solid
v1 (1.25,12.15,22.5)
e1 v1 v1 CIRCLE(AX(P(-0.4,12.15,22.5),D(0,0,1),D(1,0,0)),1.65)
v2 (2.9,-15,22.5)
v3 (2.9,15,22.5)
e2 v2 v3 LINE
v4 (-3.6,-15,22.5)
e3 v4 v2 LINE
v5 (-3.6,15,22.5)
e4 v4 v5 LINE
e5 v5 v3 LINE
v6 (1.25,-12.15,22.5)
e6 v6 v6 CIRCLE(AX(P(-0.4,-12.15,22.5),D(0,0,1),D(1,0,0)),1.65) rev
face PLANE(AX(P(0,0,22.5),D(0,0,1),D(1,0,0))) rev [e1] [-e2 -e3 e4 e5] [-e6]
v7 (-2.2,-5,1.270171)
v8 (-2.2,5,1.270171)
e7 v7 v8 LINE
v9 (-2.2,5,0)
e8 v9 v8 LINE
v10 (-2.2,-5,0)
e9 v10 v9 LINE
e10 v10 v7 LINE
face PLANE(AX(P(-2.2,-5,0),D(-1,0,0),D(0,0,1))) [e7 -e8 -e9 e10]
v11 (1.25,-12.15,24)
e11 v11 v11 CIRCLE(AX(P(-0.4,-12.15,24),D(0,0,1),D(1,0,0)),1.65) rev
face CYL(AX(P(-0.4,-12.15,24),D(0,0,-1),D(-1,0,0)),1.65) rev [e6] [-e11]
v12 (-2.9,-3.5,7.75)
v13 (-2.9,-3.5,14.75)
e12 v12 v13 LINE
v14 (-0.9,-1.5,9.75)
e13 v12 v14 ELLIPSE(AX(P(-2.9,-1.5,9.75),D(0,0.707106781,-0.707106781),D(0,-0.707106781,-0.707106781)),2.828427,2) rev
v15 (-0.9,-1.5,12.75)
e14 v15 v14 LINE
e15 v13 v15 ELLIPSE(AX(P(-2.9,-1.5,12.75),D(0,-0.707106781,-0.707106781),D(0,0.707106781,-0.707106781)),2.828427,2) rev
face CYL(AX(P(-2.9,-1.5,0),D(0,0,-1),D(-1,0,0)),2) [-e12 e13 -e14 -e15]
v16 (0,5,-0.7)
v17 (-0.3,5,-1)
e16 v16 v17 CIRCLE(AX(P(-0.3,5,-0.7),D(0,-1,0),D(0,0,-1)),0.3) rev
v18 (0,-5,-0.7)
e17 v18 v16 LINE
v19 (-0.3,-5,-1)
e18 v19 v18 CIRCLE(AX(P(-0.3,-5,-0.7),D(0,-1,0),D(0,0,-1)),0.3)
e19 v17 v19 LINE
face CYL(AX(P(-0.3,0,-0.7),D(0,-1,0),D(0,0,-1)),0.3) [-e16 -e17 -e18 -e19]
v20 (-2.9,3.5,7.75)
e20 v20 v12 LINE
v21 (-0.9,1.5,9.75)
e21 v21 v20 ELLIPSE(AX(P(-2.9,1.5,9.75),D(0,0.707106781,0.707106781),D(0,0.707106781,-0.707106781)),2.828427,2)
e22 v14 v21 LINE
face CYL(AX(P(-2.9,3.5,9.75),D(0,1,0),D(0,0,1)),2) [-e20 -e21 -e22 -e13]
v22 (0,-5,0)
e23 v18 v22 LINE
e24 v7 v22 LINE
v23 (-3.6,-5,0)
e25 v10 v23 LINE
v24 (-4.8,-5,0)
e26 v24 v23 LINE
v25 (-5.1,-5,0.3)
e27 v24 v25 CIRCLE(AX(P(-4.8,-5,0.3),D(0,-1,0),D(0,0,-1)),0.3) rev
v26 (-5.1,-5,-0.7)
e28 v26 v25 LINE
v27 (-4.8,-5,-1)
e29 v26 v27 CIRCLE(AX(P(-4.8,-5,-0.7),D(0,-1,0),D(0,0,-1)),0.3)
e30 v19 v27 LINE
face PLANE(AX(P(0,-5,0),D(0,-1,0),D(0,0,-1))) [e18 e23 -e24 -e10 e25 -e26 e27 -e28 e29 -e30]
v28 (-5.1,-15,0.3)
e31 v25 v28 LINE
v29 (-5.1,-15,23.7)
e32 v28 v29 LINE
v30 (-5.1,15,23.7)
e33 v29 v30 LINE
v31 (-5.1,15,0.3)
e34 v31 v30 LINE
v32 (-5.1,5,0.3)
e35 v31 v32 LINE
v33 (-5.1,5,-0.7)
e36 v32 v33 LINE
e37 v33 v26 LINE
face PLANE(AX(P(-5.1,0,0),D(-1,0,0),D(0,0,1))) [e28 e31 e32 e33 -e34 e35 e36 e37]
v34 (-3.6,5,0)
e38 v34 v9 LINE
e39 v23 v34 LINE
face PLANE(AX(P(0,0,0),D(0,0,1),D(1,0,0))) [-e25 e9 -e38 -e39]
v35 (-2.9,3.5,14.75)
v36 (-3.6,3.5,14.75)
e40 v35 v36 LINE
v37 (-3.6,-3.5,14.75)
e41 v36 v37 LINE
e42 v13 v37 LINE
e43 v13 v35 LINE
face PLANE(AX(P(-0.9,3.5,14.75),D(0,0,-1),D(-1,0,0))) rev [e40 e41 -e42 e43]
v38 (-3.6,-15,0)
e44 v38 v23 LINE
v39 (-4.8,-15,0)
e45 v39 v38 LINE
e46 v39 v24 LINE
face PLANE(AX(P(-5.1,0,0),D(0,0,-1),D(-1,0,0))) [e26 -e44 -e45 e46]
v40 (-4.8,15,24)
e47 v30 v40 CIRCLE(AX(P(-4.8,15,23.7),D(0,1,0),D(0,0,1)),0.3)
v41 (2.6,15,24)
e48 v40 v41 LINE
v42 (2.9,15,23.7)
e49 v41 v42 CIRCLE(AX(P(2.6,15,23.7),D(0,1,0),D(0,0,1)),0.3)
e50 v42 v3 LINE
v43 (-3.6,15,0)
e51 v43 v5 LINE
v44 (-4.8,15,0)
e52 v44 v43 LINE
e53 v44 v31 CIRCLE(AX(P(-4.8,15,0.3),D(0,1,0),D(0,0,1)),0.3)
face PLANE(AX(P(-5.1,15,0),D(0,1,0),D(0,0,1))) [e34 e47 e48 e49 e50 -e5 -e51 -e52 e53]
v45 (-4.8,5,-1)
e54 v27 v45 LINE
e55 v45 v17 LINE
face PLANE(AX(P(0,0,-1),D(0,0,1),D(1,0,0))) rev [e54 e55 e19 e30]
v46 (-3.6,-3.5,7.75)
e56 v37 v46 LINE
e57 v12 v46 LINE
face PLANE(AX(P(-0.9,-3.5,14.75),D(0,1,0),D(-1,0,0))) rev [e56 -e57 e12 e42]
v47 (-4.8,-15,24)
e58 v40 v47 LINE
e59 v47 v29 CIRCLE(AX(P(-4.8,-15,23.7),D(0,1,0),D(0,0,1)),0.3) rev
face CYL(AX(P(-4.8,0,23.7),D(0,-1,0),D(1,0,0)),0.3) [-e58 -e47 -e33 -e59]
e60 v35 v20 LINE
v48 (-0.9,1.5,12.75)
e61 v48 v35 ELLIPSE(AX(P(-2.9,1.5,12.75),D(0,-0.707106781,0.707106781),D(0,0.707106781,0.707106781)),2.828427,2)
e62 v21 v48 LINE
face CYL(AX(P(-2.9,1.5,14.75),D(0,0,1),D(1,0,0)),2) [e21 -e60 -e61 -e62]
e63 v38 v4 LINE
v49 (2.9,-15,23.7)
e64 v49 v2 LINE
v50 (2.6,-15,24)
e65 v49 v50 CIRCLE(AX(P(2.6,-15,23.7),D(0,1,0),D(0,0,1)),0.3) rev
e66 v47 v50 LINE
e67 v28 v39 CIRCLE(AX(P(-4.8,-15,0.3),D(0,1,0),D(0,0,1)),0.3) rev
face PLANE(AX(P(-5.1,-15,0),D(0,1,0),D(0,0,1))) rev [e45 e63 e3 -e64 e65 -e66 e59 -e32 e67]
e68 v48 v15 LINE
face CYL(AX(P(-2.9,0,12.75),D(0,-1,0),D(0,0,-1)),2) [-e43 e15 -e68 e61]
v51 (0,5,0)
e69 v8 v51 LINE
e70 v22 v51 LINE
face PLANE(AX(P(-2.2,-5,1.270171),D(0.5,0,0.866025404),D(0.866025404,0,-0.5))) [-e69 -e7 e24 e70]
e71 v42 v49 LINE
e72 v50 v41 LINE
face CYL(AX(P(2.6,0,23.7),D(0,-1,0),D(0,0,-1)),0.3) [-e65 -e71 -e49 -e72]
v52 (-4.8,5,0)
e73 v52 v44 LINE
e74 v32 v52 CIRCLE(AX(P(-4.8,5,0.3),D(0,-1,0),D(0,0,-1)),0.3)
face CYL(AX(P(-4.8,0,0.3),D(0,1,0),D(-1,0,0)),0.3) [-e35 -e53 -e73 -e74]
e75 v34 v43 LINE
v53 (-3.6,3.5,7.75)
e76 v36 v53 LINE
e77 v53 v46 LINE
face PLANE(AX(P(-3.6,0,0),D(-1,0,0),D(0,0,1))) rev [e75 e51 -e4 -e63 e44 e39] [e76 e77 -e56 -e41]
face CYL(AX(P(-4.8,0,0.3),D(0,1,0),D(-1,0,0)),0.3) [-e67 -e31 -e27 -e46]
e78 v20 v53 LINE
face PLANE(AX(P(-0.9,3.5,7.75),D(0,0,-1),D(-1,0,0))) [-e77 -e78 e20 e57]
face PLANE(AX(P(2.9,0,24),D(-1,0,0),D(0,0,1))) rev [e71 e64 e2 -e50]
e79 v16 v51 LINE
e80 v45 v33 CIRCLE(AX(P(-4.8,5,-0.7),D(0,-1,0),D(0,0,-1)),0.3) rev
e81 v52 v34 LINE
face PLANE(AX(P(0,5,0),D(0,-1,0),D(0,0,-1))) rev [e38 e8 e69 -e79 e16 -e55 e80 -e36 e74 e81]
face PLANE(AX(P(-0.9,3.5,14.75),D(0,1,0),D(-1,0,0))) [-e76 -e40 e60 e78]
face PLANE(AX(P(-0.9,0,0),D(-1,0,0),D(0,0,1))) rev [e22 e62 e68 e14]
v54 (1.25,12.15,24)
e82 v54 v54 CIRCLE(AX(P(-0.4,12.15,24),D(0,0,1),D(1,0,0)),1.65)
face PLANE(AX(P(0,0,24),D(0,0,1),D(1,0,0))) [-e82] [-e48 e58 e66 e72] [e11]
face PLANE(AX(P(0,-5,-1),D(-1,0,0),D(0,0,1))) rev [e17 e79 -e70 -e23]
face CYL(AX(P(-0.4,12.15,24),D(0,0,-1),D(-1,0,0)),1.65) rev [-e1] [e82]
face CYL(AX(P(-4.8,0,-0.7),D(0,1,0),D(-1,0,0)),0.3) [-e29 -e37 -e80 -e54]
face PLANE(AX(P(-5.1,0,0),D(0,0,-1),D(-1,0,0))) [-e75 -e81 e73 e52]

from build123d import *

# Parameters (mm, degrees)
BOSS_EXTRUDE1_DEPTH      = 5
BOSS_EXTRUDE1_DEPTH_BACK = 5
SKETCH2_W                = 3.6
SKETCH2_H                = 10
BOSS_EXTRUDE2_DEPTH      = 1
BOSS_EXTRUDE3_DEPTH      = 1.5
SKETCH4_W                = 8
SKETCH4_H                = 30
SKETCH4_R                = 1.65
BOSS_EXTRUDE4_DEPTH      = 1.5
FILLET1_R                = 0.3
SKETCH5_W                = 7
SKETCH5_H                = 7
BOSS_EXTRUDE5_DEPTH      = 2.7
FILLET2_R                = 2


with BuildPart() as part:
    # Sketch1 → Boss-Extrude1 (new, two sides: drawn at the far end of the back side and taken through both)
    with BuildSketch(Plane(origin=(0, 0, 0), x_dir=(1, 0, 0), z_dir=(0, 1, 0)).offset(-BOSS_EXTRUDE1_DEPTH_BACK)):
        Polygon((0, 0), (-2.2, 0), (-2.2, -1.270170592), align=None)
    extrude(amount=BOSS_EXTRUDE1_DEPTH + BOSS_EXTRUDE1_DEPTH_BACK)

    # Sketch2 → Boss-Extrude2 (add)
    with BuildSketch(Plane(origin=(0, 0, 0), x_dir=(-1, 0, 0), z_dir=(0, 0, -1))):
        with Locations((1.8, 0)):
            Rectangle(SKETCH2_W, SKETCH2_H)
    extrude(amount=BOSS_EXTRUDE2_DEPTH)

    # Sketch3 → Boss-Extrude3 (add)
    with BuildSketch(Plane.ZY.offset(3.6)):
        Polygon((0, -5), (0, -15), (22.5, -15), (22.5, 15), (0, 15), (0, 5), (-1, 5), (-1, -5), align=None)
    extrude(amount=BOSS_EXTRUDE3_DEPTH)

    # Sketch4 → Boss-Extrude4 (add)
    with BuildSketch(Plane.XY.offset(22.5)):
        with Locations((-1.1, 0)):
            Rectangle(SKETCH4_W, SKETCH4_H)
        with Locations((-0.4, 12.15)):
            Circle(SKETCH4_R, mode=Mode.SUBTRACT)
        with Locations((-0.4, -12.15)):
            Circle(SKETCH4_R, mode=Mode.SUBTRACT)
    extrude(amount=BOSS_EXTRUDE4_DEPTH)

    # Fillet1
    fillet1_edges = [part.edges().sort_by_distance(p)[0] for p in [
        (-5.1, 0, -1),
        (-5.1, 0, 24),
        (-5.1, -10, 0),
        (-5.1, 10, 0),
        (2.9, 0, 24),
        (0, 0, -1),
    ]]
    fillet(fillet1_edges, radius=FILLET1_R)

    # Sketch5 → Boss-Extrude5 (add)
    with BuildSketch(Plane(origin=(-3.6, 0, 0), x_dir=(0, 0, -1), z_dir=(1, 0, 0))):
        with Locations((-11.25, 0)):
            Rectangle(SKETCH5_W, SKETCH5_H)
    extrude(amount=BOSS_EXTRUDE5_DEPTH)

    # Fillet2
    fillet2_edges = [part.edges().sort_by_distance(p)[0] for p in [
        (-0.9, 0, 14.75),
        (-0.9, 3.5, 11.25),
        (-0.9, 0, 7.75),
        (-0.9, -3.5, 11.25),
    ]]
    fillet(fillet2_edges, radius=FILLET2_R)


solid = part.part
